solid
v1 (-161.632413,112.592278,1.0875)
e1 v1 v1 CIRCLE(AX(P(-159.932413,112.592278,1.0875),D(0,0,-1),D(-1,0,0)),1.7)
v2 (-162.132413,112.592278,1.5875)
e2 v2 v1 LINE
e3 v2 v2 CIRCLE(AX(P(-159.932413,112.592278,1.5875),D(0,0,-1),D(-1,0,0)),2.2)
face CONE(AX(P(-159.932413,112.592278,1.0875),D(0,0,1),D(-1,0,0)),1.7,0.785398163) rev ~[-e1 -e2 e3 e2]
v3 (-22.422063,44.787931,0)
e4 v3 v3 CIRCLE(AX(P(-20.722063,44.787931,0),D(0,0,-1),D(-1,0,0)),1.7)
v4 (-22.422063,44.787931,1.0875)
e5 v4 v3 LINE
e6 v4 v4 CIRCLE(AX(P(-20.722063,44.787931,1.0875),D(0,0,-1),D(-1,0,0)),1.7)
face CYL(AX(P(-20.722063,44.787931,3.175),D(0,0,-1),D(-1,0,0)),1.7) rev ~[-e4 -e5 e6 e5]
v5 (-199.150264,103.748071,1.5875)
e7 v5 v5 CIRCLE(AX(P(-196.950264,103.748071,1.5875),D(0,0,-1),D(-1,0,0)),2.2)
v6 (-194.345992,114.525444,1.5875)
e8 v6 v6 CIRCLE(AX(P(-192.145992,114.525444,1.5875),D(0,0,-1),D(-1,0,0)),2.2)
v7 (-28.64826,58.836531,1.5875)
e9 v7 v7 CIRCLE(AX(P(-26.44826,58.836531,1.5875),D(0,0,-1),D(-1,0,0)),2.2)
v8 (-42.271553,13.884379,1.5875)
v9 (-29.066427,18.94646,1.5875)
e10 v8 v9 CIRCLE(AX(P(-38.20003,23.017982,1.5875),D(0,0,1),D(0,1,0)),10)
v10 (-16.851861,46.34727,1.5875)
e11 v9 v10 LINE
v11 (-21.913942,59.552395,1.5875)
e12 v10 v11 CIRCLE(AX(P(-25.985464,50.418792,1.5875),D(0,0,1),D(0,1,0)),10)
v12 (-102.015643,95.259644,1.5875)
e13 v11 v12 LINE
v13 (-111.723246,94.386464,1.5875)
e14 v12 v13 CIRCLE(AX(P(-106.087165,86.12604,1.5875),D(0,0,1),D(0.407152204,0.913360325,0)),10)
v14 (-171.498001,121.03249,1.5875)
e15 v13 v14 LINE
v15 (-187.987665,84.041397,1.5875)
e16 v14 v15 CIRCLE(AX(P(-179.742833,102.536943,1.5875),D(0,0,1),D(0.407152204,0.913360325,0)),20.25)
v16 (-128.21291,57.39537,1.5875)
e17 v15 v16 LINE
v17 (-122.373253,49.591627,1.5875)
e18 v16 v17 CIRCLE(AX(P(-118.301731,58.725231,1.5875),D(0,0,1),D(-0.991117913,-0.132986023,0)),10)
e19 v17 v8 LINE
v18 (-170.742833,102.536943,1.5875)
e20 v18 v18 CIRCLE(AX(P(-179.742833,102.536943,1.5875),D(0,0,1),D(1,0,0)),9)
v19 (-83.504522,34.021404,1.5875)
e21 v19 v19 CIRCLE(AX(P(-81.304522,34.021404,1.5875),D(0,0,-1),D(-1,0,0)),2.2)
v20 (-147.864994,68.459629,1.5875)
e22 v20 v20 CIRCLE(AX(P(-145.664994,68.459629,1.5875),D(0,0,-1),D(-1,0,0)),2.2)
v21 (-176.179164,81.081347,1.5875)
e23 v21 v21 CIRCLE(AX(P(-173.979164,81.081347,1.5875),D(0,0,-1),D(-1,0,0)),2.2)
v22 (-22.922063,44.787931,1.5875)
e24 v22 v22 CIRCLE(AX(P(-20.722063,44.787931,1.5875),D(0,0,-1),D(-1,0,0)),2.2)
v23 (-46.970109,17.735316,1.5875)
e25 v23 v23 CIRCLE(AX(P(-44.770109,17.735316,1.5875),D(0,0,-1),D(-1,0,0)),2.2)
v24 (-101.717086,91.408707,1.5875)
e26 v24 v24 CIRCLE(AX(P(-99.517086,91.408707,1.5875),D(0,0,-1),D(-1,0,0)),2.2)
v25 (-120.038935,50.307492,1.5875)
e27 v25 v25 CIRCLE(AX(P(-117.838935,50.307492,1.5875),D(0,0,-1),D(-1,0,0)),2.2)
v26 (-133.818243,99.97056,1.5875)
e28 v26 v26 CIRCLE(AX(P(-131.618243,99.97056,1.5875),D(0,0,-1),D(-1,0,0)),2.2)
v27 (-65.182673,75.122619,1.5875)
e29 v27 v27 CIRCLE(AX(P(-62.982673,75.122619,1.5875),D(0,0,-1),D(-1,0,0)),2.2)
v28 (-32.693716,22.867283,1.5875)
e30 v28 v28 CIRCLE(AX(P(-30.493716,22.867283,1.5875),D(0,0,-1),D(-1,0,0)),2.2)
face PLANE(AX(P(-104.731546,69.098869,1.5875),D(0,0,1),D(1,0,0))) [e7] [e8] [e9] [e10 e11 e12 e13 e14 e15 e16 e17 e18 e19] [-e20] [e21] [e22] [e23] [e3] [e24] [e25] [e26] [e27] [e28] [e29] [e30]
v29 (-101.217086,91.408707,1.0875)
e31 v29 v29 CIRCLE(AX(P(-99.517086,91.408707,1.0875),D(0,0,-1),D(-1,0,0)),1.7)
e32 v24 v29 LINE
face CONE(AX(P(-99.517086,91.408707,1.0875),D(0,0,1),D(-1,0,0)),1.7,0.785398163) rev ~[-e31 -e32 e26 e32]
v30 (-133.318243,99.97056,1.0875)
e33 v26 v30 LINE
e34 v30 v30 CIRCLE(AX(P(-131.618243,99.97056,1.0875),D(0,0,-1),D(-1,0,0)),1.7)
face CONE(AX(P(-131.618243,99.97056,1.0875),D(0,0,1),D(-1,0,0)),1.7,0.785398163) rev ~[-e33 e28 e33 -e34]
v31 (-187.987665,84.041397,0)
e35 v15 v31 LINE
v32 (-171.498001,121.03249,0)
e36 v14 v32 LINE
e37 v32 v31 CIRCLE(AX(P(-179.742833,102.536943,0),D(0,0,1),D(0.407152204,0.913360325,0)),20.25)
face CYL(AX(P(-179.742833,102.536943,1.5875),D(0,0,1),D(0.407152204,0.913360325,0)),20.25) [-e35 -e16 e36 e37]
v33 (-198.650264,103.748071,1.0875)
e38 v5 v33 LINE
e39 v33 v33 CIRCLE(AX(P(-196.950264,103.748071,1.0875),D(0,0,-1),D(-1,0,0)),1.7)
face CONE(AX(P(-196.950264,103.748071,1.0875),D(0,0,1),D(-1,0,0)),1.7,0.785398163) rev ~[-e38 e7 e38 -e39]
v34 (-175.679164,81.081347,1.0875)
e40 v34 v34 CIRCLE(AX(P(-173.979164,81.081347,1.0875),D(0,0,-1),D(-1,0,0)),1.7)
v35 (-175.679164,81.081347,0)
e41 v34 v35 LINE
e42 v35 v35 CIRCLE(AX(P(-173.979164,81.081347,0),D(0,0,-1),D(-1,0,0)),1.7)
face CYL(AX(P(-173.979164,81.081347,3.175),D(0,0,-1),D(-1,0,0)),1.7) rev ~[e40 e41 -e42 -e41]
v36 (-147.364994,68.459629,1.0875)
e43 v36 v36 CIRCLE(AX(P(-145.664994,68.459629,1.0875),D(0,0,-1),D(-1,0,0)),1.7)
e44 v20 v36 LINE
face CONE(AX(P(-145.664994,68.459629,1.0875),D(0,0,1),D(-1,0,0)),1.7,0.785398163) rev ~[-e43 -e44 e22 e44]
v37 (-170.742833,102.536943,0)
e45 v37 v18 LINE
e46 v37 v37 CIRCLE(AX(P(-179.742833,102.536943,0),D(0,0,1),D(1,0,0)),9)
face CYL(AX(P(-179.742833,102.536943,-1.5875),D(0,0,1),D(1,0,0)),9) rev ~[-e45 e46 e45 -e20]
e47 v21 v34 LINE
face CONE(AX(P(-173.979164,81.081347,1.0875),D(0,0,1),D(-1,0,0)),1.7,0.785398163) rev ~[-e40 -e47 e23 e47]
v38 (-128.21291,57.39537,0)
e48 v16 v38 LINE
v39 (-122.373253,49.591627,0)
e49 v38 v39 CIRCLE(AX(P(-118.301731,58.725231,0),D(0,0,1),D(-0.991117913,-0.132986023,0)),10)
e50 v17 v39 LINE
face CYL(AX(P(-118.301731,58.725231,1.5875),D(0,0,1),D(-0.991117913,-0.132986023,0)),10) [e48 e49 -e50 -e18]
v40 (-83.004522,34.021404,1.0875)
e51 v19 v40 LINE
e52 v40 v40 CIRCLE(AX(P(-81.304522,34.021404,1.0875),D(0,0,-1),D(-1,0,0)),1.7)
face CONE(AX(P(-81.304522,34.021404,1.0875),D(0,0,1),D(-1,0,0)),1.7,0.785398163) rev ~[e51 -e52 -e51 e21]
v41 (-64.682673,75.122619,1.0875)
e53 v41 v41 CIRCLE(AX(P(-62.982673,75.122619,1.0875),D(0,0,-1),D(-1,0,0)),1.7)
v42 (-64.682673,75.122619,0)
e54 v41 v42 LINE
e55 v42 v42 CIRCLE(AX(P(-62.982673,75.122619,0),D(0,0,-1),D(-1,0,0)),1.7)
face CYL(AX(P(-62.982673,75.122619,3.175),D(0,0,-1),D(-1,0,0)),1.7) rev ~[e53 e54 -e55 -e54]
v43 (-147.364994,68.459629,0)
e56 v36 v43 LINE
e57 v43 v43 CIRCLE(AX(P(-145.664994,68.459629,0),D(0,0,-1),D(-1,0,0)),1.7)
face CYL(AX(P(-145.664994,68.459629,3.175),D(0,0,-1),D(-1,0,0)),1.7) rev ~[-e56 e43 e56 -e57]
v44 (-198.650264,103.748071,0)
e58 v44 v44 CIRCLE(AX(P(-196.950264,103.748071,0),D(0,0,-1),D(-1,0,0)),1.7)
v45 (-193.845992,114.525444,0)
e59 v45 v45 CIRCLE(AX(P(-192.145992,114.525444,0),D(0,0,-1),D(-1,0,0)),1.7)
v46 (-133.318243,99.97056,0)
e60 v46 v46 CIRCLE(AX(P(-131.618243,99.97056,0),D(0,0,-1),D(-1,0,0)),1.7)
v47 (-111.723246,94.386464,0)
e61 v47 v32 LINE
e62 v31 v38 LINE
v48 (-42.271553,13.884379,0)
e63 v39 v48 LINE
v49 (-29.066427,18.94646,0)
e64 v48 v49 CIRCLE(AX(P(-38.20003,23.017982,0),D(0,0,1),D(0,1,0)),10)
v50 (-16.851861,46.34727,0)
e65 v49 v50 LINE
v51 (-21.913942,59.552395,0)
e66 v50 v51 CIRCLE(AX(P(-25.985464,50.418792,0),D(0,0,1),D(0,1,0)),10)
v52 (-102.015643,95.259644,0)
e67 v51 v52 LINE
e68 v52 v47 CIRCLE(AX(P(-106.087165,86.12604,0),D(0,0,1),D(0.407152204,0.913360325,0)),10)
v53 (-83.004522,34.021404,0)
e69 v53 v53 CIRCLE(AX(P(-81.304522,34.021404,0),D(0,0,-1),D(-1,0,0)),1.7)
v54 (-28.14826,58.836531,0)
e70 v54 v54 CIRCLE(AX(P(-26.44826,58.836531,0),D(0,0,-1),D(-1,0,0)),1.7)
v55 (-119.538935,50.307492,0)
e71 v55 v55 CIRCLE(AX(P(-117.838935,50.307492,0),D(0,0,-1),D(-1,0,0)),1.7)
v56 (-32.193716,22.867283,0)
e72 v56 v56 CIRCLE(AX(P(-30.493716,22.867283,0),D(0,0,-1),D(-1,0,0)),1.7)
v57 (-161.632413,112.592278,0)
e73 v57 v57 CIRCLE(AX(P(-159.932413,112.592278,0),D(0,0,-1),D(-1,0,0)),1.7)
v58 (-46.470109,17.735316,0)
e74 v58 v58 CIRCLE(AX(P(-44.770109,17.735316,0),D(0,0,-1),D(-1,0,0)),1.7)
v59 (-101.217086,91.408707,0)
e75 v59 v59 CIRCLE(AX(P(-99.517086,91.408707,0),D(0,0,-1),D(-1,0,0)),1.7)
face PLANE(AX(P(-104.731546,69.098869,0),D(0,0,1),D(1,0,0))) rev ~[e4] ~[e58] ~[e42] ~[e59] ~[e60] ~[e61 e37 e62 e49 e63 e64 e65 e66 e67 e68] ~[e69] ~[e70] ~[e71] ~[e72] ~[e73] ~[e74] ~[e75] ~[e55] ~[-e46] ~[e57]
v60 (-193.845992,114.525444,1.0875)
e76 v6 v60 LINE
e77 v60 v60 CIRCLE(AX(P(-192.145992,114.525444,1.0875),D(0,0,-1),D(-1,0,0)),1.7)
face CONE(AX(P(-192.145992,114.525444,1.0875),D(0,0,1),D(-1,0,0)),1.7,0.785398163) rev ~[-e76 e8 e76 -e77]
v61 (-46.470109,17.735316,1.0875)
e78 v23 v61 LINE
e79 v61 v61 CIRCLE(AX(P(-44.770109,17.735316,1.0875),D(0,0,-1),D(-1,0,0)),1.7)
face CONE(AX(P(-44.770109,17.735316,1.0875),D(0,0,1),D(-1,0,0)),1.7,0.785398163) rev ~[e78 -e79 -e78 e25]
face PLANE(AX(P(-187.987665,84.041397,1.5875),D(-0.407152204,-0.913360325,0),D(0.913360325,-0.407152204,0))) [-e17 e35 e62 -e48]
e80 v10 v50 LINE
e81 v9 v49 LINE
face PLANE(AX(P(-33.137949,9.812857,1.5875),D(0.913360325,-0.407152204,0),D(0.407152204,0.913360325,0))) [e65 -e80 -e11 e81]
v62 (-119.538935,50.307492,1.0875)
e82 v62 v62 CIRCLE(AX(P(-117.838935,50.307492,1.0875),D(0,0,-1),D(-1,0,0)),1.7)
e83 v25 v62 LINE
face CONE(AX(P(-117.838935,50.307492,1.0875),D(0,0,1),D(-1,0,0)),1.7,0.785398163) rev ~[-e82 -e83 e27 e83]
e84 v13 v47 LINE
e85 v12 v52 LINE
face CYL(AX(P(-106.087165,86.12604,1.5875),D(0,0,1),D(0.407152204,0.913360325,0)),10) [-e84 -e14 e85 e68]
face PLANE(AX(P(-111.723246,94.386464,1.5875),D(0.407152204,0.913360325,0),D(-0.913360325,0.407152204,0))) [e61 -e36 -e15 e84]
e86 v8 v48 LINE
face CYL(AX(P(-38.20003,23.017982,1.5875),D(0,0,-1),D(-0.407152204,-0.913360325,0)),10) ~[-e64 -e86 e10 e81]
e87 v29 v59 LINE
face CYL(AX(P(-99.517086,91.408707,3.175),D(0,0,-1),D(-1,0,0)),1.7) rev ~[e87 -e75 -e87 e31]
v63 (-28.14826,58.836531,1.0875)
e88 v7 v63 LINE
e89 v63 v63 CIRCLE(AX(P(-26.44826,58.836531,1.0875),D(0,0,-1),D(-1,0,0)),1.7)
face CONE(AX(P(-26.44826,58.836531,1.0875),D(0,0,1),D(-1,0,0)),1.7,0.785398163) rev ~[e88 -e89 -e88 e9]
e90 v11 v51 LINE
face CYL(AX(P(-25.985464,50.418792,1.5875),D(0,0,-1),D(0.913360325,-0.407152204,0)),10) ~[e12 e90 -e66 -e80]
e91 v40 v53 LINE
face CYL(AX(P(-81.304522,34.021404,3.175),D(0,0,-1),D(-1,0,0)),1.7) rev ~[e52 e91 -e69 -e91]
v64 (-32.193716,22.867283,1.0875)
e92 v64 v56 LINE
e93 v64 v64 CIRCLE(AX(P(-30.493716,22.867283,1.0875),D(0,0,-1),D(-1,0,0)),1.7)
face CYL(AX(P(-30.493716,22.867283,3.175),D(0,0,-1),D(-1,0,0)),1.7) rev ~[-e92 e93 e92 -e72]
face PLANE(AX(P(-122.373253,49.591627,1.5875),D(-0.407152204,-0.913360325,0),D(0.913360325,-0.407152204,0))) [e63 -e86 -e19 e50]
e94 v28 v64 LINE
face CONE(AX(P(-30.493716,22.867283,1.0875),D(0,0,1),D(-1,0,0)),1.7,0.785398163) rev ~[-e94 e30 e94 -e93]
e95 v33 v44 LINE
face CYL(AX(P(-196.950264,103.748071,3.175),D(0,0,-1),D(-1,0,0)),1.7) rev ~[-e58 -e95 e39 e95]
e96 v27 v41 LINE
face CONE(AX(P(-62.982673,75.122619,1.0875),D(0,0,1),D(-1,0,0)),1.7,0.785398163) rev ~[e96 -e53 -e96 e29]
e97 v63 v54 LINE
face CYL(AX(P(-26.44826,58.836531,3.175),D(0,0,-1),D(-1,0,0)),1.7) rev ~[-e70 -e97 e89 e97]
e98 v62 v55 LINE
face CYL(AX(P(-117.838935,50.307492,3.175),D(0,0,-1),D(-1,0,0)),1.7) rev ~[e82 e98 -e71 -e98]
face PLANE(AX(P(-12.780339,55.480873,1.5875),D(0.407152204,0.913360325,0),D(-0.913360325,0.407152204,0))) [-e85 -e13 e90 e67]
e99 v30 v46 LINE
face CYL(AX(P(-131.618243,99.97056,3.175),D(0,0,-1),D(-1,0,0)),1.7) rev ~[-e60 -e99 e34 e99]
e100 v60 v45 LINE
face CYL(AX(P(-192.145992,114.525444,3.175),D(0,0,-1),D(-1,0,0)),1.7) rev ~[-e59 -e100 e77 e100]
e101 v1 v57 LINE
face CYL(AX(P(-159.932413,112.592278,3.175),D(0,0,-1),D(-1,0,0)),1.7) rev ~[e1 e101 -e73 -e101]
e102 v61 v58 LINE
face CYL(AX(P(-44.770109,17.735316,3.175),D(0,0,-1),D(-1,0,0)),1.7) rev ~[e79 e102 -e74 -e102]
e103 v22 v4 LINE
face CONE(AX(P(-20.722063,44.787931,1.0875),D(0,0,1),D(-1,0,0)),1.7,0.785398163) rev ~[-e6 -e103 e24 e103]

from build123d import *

# Parameters (mm, degrees)
BOSS_EXTRUDE1_DEPTH       = 1.5875
F_4_CLEARANCE_HOLE1_D     = 3.4
F_4_CLEARANCE_HOLE1_DEPTH = 1.5875
HOLE1_D                   = 18
HOLE1_DEPTH               = 1.5875
CHAMFER1_SIZE             = 0.5
FILLET1_R                 = 10


with BuildPart() as part:
    # Sketch1 → Boss-Extrude1 (new body)
    with BuildSketch(Plane.XY.offset(1.5875)):
        with BuildLine():
            Line((-122.373252992, 49.591627472), (-33.137949262, 9.81285715))
            Line((-33.137949262, 9.81285715), (-12.780339067, 55.480873389))
            Line((-12.780339067, 55.480873389), (-102.015642796, 95.25964371))
            ThreePointArc((-102.015642796, 95.25964371), (-106.983028684, 96.085831021), (-111.723245825, 94.386463641))
            Line((-111.723245825, 94.386463641), (-171.498000771, 121.032489918))
            ThreePointArc((-171.498000771, 121.032489918), (-198.238379477, 110.781775471), (-187.98766503, 84.041396765))
            Line((-187.98766503, 84.041396765), (-128.212910083, 57.395370488))
            ThreePointArc((-128.212910083, 57.395370488), (-126.308202352, 52.73386896), (-122.373252992, 49.591627472))
        make_face()
    extrude(amount=-BOSS_EXTRUDE1_DEPTH)

    # #4 Clearance Hole1
    with Locations(Plane.XY.offset(1.5875)):
        with Locations((-99.517086056, 91.408706914), (-62.982673065, 75.122618757), (-26.448260075, 58.836530601), (-20.722062659, 44.787930558), (-30.493715553, 22.867282764), (-44.77010925, 17.735315986), (-81.304522241, 34.021404143), (-117.838935231, 50.307492299), (-131.618242769, 99.970559768), (-145.664993804, 68.459628564), (-173.979163871, 81.081346885), (-159.932412836, 112.592278089), (-192.145991763, 114.525444092), (-196.950263565, 103.748070885)):
            Hole(F_4_CLEARANCE_HOLE1_D / 2, depth=F_4_CLEARANCE_HOLE1_DEPTH)

    # Hole1
    with Locations(Plane(origin=(0, 0, 0), x_dir=(-1, 0, 0), z_dir=(0, 0, -1))):
        with Locations((179.7428329, 102.536943342)):
            Hole(HOLE1_D / 2, depth=HOLE1_DEPTH)

    # Chamfer1
    chamfer1_edges = [part.edges().sort_by_distance(p)[0] for p in [
        (-24.748260075, 58.836530601, 1.5875),
        (-61.282673065, 75.122618757, 1.5875),
        (-97.817086056, 91.408706914, 1.5875),
        (-195.250263565, 103.748070885, 1.5875),
        (-190.445991763, 114.525444092, 1.5875),
        (-158.232412836, 112.592278089, 1.5875),
        (-172.279163871, 81.081346885, 1.5875),
        (-143.964993804, 68.459628564, 1.5875),
        (-129.918242769, 99.970559768, 1.5875),
        (-116.138935231, 50.307492299, 1.5875),
        (-79.604522241, 34.021404143, 1.5875),
        (-43.07010925, 17.735315986, 1.5875),
        (-28.793715553, 22.867282764, 1.5875),
        (-19.022062659, 44.787930558, 1.5875),
    ]]
    chamfer(chamfer1_edges, length=CHAMFER1_SIZE)

    # Fillet1
    fillet1_edges = [part.edges().sort_by_distance(p)[0] for p in [
        (-12.780339067, 55.480873389, 0.79375),
        (-33.137949262, 9.81285715, 0.79375),
    ]]
    fillet(fillet1_edges, radius=FILLET1_R)


solid = part.part
